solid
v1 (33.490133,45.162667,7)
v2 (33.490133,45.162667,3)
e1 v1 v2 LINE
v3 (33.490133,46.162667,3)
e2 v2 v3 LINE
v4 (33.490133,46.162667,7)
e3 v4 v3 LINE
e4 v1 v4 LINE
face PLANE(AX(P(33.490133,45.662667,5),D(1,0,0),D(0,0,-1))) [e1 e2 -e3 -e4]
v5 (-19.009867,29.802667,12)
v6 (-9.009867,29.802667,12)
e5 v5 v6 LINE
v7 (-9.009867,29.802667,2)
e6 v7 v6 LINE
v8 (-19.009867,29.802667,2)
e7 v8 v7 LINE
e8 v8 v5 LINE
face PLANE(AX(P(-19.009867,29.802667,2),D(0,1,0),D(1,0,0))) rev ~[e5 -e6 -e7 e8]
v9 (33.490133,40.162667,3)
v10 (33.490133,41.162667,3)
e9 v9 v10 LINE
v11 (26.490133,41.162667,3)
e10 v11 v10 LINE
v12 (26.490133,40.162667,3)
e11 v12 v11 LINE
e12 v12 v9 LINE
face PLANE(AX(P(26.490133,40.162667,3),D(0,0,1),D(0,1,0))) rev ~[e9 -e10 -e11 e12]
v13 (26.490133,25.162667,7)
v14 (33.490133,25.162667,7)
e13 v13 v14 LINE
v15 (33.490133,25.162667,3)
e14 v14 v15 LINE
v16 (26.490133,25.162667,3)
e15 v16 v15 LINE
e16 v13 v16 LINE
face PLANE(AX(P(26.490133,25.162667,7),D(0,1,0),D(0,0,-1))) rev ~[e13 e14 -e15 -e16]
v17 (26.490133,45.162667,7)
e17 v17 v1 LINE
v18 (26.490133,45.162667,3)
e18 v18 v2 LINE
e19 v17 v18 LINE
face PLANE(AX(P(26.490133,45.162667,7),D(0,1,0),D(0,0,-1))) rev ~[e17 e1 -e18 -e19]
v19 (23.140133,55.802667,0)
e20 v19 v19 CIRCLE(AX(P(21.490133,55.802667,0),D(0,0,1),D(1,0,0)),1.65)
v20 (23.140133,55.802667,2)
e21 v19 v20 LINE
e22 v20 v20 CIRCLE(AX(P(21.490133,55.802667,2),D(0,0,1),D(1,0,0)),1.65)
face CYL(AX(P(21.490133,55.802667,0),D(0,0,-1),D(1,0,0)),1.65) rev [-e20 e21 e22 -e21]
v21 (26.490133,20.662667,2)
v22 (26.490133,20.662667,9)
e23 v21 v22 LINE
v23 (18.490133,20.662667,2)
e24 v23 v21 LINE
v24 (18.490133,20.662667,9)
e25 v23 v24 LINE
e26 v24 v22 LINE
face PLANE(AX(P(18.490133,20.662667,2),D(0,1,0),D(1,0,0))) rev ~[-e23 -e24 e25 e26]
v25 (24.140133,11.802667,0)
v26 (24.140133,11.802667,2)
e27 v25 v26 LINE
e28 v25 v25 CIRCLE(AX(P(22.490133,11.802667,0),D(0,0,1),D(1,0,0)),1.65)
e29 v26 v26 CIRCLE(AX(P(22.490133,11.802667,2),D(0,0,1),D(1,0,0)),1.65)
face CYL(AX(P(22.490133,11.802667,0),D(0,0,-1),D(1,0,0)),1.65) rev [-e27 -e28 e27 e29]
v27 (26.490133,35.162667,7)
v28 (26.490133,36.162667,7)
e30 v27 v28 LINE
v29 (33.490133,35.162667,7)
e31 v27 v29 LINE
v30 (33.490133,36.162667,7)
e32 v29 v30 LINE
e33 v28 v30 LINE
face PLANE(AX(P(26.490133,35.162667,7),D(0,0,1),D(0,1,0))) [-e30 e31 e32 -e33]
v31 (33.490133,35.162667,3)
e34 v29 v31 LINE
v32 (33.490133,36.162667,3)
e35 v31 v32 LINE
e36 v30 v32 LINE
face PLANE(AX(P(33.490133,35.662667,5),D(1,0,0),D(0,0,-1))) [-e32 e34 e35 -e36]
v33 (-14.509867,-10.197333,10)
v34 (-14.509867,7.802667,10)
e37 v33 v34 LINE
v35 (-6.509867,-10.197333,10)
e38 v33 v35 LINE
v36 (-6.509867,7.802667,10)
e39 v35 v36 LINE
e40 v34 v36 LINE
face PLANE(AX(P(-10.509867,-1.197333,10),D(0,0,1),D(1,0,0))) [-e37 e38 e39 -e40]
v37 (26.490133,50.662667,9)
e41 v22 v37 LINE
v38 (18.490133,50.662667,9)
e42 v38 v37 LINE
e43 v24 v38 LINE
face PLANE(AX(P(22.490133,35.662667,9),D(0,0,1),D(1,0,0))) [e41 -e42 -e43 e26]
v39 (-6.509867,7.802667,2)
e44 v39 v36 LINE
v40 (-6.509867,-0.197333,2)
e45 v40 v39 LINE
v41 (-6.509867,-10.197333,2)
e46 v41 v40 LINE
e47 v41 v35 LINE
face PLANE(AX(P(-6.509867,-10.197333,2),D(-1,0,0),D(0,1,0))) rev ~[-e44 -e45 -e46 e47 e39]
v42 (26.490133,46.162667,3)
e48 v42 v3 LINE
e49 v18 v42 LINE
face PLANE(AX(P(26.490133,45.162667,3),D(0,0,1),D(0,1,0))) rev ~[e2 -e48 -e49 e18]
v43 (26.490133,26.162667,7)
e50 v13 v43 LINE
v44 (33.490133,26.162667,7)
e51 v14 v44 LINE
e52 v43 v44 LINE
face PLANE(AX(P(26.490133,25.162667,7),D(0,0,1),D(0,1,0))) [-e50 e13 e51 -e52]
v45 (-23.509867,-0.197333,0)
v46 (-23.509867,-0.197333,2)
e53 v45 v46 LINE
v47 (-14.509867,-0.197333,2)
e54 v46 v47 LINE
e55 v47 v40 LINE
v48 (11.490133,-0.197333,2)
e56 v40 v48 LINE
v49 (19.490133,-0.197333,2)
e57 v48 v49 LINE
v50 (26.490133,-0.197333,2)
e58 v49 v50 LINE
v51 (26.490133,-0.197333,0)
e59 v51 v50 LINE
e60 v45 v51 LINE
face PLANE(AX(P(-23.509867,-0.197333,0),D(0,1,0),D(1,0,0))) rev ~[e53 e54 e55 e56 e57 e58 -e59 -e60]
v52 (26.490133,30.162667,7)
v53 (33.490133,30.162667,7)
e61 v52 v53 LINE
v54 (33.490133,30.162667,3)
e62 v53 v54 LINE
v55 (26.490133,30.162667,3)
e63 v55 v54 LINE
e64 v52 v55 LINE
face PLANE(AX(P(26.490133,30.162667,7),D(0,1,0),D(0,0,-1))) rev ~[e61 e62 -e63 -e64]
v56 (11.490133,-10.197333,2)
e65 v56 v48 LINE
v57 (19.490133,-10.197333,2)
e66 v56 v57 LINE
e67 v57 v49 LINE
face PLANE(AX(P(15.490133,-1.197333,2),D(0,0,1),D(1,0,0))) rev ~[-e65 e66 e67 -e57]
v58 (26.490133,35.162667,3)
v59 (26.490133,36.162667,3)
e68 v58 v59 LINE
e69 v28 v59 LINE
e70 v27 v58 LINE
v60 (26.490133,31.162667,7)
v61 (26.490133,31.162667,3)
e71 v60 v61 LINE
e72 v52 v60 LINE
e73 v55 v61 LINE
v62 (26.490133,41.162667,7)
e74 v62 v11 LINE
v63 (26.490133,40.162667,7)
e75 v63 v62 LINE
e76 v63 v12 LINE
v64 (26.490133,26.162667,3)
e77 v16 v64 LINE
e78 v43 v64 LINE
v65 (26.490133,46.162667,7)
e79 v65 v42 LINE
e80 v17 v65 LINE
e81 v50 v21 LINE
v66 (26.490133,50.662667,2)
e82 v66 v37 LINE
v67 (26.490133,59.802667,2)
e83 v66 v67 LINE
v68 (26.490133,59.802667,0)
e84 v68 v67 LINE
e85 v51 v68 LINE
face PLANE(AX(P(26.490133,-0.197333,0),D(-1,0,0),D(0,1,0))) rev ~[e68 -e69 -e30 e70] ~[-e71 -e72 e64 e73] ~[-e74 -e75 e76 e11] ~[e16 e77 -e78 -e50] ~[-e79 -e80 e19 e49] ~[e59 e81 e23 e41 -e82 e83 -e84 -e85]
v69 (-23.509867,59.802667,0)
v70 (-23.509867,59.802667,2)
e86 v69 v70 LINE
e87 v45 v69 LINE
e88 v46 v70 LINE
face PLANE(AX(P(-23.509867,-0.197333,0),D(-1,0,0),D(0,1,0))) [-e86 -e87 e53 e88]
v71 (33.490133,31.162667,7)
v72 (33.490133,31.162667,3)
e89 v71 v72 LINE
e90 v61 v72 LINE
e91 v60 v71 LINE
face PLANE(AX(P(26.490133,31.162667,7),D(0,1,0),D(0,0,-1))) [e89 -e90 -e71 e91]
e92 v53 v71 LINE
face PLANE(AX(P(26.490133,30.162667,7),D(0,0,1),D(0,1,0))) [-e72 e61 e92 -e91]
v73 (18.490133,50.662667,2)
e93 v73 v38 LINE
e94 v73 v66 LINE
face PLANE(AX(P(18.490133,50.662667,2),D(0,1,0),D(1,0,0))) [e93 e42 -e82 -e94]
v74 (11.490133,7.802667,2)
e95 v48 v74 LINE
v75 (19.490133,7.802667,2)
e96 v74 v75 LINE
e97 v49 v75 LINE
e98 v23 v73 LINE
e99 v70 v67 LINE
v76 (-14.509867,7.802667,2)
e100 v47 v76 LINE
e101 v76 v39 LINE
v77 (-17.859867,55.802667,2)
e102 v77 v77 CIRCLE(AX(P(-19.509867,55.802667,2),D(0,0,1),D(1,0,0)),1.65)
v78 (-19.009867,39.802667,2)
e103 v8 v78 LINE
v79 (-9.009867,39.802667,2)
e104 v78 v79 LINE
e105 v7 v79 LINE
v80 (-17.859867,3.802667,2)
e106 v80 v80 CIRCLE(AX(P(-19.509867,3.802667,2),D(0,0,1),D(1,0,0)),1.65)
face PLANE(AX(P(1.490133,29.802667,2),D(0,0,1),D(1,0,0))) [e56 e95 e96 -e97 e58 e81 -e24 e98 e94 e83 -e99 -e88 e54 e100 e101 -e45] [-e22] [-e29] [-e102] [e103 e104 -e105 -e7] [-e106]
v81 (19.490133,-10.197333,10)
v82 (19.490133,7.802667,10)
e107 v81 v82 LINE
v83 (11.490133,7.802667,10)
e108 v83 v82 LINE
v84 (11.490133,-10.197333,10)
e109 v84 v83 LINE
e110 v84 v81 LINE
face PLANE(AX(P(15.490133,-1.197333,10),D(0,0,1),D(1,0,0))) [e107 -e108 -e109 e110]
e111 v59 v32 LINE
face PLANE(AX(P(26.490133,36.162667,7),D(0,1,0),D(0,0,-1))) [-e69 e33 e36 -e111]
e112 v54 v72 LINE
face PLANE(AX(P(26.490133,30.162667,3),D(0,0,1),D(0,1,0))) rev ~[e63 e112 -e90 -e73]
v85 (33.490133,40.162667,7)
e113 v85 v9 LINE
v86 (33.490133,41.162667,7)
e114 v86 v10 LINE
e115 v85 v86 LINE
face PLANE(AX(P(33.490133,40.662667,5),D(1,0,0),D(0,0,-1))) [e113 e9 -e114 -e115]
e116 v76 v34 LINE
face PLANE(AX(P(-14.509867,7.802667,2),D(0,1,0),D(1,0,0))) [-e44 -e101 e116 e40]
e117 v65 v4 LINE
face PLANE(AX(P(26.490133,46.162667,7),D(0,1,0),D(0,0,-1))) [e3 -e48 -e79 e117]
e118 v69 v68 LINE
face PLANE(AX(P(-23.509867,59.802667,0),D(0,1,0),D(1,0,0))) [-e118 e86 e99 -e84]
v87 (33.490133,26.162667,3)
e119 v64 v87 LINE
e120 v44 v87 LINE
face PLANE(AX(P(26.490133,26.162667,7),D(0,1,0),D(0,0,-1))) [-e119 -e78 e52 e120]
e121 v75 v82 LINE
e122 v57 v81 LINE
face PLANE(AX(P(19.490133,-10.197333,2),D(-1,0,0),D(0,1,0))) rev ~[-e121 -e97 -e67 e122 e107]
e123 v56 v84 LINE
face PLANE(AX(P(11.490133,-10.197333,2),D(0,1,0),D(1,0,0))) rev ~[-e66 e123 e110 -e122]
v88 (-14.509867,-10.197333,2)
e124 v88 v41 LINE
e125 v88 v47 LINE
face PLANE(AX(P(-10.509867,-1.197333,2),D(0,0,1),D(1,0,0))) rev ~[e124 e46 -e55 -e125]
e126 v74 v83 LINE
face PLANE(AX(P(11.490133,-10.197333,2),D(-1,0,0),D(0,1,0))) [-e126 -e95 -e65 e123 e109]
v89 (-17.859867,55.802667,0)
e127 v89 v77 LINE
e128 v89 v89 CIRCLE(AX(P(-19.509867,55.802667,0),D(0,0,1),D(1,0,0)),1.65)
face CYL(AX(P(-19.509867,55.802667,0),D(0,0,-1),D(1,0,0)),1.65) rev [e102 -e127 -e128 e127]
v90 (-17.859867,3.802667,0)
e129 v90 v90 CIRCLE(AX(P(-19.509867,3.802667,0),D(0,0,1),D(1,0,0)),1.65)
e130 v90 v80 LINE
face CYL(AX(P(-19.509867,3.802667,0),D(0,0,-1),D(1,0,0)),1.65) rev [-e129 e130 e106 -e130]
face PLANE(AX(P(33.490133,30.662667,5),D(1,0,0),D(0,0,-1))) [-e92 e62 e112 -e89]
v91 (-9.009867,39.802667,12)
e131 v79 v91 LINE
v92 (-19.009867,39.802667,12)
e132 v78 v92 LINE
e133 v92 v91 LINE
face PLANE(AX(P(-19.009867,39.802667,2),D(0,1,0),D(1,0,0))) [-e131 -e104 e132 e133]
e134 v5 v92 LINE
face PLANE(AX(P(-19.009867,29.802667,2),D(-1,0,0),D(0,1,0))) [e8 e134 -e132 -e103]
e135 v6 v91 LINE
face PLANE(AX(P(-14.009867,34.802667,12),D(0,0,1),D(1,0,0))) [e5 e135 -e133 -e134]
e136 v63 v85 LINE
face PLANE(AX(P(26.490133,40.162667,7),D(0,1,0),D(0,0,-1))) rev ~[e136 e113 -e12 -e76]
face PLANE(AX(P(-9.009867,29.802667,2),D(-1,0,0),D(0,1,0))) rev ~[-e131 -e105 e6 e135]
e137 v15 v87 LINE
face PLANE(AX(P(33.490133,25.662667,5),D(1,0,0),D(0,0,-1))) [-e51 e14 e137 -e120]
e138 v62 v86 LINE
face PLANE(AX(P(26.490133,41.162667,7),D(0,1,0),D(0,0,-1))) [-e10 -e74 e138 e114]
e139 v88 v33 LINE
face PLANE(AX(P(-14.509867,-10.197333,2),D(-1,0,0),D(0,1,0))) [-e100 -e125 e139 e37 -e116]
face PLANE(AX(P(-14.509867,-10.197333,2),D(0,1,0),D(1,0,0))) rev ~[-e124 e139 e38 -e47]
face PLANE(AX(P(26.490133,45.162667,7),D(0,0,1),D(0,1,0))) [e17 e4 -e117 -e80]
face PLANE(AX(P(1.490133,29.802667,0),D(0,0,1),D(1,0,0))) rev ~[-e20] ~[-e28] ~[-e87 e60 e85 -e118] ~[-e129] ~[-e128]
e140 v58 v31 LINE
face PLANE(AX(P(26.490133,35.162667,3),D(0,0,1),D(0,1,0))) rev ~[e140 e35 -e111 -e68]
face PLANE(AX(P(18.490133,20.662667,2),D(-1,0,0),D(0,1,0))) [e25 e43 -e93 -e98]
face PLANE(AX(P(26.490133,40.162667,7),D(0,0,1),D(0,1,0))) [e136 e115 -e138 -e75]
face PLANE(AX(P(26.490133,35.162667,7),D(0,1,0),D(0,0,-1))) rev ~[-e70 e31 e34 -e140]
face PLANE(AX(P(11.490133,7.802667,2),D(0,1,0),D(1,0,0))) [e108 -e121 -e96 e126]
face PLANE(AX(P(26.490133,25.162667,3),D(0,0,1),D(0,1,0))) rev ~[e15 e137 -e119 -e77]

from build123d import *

# Parameters (mm, degrees)
ESQUISSE1_W        = 50
ESQUISSE1_H        = 60
ESQUISSE1_R        = 1.65
BOSS_EXTRU_1_DEPTH = 2
ESQUISSE2_W        = 8
ESQUISSE2_H        = 18
BOSS_EXTRU_2_DEPTH = 8
ESQUISSE3_W        = 10
ESQUISSE3_H        = 10
BOSS_EXTRU_3_DEPTH = 10
ESQUISSE4_W        = 8
ESQUISSE4_H        = 30
BOSS_EXTRU_4_DEPTH = 7
ESQUISSE5_W        = 4
ESQUISSE5_H        = 1
BOSS_EXTRU_5_DEPTH = 7


with BuildPart() as part:
    # Esquisse1 → Boss.-Extru.1 (new body)
    with BuildSketch(Plane.XY):
        with Locations((1.490133333, 29.802666667)):
            Rectangle(ESQUISSE1_W, ESQUISSE1_H)
        with Locations((-19.509866667, 55.802666667)):
            Circle(ESQUISSE1_R, mode=Mode.SUBTRACT)
        with Locations((21.490133333, 55.802666667)):
            Circle(ESQUISSE1_R, mode=Mode.SUBTRACT)
        with Locations((22.490133333, 11.802666667)):
            Circle(ESQUISSE1_R, mode=Mode.SUBTRACT)
        with Locations((-19.509866667, 3.802666667)):
            Circle(ESQUISSE1_R, mode=Mode.SUBTRACT)
    extrude(amount=BOSS_EXTRU_1_DEPTH)

    # Esquisse2 → Boss.-Extru.2 (add)
    with BuildSketch(Plane.XY.offset(2)):
        with Locations((-10.509866667, -1.197333333)):
            Rectangle(ESQUISSE2_W, ESQUISSE2_H)
        with Locations((15.490133333, -1.197333333)):
            Rectangle(ESQUISSE2_W, ESQUISSE2_H)
    extrude(amount=BOSS_EXTRU_2_DEPTH)

    # Esquisse3 → Boss.-Extru.3 (add)
    with BuildSketch(Plane.XY.offset(2)):
        with Locations((-14.009866667, 34.802666667)):
            Rectangle(ESQUISSE3_W, ESQUISSE3_H)
    extrude(amount=BOSS_EXTRU_3_DEPTH)

    # Esquisse4 → Boss.-Extru.4 (add)
    with BuildSketch(Plane.XY.offset(2)):
        with Locations((22.490133333, 35.662666667)):
            Rectangle(ESQUISSE4_W, ESQUISSE4_H)
    extrude(amount=BOSS_EXTRU_4_DEPTH)

    # Esquisse5 → Boss.-Extru.5 (add)
    with BuildSketch(Plane(origin=(26.490133333, 0, 0), x_dir=(0, 0, -1), z_dir=(1, 0, 0))):
        with Locations((-5, 35.662666667)):
            Rectangle(ESQUISSE5_W, ESQUISSE5_H)
        with Locations((-5, 40.662666667)):
            Rectangle(ESQUISSE5_W, ESQUISSE5_H)
        with Locations((-5, 45.662666667)):
            Rectangle(ESQUISSE5_W, ESQUISSE5_H)
        with Locations((-5, 30.662666667)):
            Rectangle(ESQUISSE5_W, ESQUISSE5_H)
        with Locations((-5, 25.662666667)):
            Rectangle(ESQUISSE5_W, ESQUISSE5_H)
    extrude(amount=BOSS_EXTRU_5_DEPTH)


solid = part.part
